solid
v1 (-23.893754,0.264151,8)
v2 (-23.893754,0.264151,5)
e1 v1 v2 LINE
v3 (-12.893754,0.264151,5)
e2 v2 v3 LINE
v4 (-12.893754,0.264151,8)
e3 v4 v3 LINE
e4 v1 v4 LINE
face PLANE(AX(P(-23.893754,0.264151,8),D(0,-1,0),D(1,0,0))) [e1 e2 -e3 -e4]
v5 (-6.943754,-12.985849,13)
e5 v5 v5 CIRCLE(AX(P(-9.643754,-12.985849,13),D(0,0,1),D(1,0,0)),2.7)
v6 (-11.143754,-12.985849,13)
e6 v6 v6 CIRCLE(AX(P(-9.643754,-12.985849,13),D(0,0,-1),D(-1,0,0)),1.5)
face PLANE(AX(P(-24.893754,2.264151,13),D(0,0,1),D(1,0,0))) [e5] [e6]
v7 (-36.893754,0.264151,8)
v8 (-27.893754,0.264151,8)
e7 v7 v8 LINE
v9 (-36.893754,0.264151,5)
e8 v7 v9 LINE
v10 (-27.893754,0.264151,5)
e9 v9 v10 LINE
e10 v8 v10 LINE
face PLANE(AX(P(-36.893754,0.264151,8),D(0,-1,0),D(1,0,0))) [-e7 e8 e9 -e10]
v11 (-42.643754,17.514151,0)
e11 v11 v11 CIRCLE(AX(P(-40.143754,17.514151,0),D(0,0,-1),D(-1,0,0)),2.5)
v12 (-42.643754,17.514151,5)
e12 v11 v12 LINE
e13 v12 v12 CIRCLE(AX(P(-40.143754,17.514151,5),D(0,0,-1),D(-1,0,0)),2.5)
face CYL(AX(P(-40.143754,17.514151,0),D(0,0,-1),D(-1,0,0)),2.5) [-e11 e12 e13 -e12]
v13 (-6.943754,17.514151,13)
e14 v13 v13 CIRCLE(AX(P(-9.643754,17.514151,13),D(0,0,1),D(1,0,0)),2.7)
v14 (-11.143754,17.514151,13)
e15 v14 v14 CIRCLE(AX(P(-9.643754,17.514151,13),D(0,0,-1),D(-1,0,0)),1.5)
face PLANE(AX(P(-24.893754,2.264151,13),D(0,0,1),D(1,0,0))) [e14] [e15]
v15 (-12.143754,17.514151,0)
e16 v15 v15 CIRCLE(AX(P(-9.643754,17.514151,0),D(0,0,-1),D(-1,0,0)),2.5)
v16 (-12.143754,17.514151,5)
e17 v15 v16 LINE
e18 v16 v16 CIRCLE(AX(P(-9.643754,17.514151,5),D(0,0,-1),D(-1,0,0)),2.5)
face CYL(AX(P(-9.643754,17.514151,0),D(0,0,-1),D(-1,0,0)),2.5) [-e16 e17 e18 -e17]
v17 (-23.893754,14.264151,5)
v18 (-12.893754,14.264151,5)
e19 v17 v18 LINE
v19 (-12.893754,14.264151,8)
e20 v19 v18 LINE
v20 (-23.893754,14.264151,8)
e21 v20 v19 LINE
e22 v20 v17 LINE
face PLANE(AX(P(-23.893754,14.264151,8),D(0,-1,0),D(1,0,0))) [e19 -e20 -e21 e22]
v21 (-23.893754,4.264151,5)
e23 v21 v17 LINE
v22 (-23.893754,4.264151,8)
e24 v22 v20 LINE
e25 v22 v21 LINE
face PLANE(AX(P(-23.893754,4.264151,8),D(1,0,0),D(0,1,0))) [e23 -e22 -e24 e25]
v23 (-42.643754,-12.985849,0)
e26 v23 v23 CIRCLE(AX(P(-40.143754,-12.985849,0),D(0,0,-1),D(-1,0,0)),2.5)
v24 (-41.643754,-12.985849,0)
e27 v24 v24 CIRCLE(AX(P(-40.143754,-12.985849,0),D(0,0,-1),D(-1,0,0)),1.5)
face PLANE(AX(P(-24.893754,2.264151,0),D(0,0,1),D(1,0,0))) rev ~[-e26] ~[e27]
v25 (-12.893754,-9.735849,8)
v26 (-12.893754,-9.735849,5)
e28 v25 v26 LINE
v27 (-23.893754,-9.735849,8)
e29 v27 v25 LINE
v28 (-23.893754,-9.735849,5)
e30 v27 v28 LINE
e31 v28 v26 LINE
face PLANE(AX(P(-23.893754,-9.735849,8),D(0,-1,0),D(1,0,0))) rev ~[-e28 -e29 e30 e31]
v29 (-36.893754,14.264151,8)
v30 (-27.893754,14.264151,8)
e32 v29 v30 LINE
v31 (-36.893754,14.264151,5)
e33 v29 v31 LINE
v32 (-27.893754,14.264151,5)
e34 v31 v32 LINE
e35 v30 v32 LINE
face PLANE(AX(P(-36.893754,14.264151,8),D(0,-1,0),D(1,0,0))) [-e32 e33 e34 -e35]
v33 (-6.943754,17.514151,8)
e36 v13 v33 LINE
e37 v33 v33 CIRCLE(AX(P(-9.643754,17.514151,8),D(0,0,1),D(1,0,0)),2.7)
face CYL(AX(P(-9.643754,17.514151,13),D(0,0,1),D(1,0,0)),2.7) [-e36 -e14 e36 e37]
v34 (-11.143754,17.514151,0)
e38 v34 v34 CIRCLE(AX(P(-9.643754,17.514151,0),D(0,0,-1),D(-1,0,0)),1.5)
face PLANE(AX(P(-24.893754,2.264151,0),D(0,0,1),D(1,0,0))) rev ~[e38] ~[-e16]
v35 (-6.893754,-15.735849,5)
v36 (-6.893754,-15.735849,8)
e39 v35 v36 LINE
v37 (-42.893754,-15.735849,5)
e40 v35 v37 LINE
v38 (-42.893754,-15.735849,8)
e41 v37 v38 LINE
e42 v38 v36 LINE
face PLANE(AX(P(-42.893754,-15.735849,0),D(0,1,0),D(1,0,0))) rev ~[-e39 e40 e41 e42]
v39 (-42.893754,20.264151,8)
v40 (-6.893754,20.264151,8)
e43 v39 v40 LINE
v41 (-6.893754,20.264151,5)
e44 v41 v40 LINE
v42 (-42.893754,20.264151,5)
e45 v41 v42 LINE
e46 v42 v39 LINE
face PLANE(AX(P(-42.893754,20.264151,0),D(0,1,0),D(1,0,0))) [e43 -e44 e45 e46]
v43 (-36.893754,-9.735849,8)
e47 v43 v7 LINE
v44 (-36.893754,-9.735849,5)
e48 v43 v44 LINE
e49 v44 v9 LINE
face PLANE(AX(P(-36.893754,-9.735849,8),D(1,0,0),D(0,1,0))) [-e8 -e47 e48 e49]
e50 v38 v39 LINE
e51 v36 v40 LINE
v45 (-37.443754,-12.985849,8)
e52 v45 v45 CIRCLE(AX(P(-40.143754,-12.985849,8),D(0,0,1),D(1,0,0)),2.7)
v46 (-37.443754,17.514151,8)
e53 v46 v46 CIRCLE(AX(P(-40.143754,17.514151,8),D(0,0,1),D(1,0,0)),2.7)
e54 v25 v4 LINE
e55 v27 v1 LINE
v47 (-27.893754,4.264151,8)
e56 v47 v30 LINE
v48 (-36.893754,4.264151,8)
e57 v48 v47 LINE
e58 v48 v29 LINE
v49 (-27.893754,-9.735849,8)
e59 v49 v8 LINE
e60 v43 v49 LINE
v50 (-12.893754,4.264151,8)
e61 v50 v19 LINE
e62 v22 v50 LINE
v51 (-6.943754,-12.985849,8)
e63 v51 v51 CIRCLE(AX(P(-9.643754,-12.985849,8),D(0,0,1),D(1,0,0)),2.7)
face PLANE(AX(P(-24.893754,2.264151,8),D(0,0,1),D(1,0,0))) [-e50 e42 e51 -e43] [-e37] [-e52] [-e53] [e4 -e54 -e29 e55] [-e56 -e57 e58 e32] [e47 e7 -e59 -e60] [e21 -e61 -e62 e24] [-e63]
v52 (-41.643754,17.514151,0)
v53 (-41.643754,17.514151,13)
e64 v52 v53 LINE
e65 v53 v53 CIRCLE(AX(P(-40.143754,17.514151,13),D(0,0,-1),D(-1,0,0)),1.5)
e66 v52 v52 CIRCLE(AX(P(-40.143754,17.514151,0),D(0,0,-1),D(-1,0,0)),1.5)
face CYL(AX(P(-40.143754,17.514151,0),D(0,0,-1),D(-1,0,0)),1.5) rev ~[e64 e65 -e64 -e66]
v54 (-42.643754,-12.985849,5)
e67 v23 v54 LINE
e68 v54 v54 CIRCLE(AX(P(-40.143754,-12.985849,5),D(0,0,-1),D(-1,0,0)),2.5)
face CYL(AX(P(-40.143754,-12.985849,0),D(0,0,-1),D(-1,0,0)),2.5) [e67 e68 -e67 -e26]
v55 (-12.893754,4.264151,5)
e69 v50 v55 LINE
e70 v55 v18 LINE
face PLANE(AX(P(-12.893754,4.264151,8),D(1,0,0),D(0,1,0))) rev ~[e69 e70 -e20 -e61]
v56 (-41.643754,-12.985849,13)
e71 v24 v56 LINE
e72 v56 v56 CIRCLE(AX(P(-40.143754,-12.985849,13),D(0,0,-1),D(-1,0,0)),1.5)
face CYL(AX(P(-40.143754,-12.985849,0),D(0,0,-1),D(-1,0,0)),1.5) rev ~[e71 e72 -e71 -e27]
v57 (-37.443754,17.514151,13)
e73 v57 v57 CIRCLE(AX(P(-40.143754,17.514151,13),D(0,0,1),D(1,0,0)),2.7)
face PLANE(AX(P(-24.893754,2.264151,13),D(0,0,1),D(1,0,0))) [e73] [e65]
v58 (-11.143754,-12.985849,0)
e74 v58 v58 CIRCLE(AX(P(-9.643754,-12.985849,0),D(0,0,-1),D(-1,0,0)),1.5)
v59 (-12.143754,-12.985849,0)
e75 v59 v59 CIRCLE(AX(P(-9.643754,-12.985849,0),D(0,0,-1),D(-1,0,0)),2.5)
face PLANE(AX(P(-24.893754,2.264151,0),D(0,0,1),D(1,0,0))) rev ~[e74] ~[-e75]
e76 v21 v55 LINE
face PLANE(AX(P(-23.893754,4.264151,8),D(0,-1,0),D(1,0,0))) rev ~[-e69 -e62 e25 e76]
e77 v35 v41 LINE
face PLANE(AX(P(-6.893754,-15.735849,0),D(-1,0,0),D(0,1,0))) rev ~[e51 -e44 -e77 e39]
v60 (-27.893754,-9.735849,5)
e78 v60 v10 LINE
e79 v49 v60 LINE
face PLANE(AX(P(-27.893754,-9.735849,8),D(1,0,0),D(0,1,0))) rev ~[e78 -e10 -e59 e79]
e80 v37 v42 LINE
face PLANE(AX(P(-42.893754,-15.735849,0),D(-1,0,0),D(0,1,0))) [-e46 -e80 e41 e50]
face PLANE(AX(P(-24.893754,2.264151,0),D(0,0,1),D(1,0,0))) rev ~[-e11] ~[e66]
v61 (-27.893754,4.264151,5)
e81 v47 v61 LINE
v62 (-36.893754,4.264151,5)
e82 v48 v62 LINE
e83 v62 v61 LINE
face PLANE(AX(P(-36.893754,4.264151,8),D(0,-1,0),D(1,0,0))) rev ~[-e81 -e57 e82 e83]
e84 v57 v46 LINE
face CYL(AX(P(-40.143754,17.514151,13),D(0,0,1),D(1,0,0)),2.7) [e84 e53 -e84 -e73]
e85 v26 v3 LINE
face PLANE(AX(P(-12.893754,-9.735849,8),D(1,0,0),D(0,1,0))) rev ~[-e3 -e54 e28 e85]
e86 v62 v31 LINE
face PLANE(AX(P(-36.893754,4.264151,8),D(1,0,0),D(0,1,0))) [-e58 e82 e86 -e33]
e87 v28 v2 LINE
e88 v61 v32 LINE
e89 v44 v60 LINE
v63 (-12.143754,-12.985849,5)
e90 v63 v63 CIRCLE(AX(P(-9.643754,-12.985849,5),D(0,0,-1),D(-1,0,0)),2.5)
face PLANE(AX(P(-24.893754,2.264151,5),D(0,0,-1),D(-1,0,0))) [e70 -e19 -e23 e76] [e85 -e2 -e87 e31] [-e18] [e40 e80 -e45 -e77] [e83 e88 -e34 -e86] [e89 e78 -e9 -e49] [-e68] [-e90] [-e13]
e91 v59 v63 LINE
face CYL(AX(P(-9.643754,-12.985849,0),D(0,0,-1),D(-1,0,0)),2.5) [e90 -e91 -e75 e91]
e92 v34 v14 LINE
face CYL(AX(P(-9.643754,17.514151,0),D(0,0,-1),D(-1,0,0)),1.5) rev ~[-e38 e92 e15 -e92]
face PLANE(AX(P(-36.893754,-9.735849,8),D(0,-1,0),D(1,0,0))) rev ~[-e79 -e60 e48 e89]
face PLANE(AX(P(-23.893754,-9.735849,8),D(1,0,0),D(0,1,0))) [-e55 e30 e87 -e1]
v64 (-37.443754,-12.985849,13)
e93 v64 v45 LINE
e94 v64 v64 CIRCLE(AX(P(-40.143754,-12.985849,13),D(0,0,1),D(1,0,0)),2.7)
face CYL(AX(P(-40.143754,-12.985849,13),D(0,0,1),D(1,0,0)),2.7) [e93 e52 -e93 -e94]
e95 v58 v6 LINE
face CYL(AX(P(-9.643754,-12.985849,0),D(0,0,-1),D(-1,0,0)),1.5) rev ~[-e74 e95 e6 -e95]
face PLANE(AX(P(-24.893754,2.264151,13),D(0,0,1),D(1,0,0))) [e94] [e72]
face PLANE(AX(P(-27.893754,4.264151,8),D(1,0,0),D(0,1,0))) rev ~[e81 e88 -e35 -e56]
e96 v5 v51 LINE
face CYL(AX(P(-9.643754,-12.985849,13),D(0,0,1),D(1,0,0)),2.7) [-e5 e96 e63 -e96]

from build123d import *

# Parameters (mm, degrees)
CROQUIS1_W              = 36
CROQUIS1_H              = 36
SALIENTE_EXTRUIR1_DEPTH = 13
CROQUIS5_R              = 1.5
CORTAR_EXTRUIR2_DEPTH   = 13
CROQUIS6_W              = 36
CROQUIS6_H              = 36
CROQUIS6_R              = 2.5
CORTAR_EXTRUIR3_DEPTH   = 5
CROQUIS7_W              = 36
CROQUIS7_H              = 36
CROQUIS7_R              = 2.7
CORTAR_EXTRUIR4_DEPTH   = 5
CROQUIS8_W              = 9
CROQUIS8_H              = 10
CROQUIS8_W_2            = 11
CORTAR_EXTRUIR5_DEPTH   = 3


with BuildPart() as part:
    # Croquis1 → Saliente-Extruir1 (new body)
    with BuildSketch(Plane.XY):
        with Locations((-24.893753741, 2.264150943)):
            Rectangle(CROQUIS1_W, CROQUIS1_H)
    extrude(amount=SALIENTE_EXTRUIR1_DEPTH)

    # Croquis5 → Cortar-Extruir2 (cut)
    with BuildSketch(Plane(origin=(0, 0, 0), x_dir=(-1, 0, 0), z_dir=(0, 0, -1))):
        with Locations((40.143753741, 17.514150943)):
            Circle(CROQUIS5_R)
        with Locations((40.143753741, -12.985849057)):
            Circle(CROQUIS5_R)
        with Locations((9.643753741, -12.985849057)):
            Circle(CROQUIS5_R)
        with Locations((9.643753741, 17.514150943)):
            Circle(CROQUIS5_R)
    extrude(amount=-CORTAR_EXTRUIR2_DEPTH, mode=Mode.SUBTRACT)

    # Croquis6 → Cortar-Extruir3 (cut)
    with BuildSketch(Plane(origin=(0, 0, 0), x_dir=(-1, 0, 0), z_dir=(0, 0, -1))):
        with Locations((24.893753741, 2.264150943)):
            Rectangle(CROQUIS6_W, CROQUIS6_H)
        with Locations((40.143753741, 17.514150943)):
            Circle(CROQUIS6_R, mode=Mode.SUBTRACT)
        with Locations((9.643753741, 17.514150943)):
            Circle(CROQUIS6_R, mode=Mode.SUBTRACT)
        with Locations((40.143753741, -12.985849057)):
            Circle(CROQUIS6_R, mode=Mode.SUBTRACT)
        with Locations((9.643753741, -12.985849057)):
            Circle(CROQUIS6_R, mode=Mode.SUBTRACT)
    extrude(amount=-CORTAR_EXTRUIR3_DEPTH, mode=Mode.SUBTRACT)

    # Croquis7 → Cortar-Extruir4 (cut)
    with BuildSketch(Plane.XY.offset(13)):
        with Locations((-24.893753741, 2.264150943)):
            Rectangle(CROQUIS7_W, CROQUIS7_H)
        with Locations((-40.143753741, 17.514150943)):
            Circle(CROQUIS7_R, mode=Mode.SUBTRACT)
        with Locations((-9.643753741, 17.514150943)):
            Circle(CROQUIS7_R, mode=Mode.SUBTRACT)
        with Locations((-40.143753741, -12.985849057)):
            Circle(CROQUIS7_R, mode=Mode.SUBTRACT)
        with Locations((-9.643753741, -12.985849057)):
            Circle(CROQUIS7_R, mode=Mode.SUBTRACT)
    extrude(amount=-CORTAR_EXTRUIR4_DEPTH, mode=Mode.SUBTRACT)

    # Croquis8 → Cortar-Extruir5 (cut)
    with BuildSketch(Plane.XY.offset(8)):
        with Locations((-32.393753741, -4.735849057)):
            Rectangle(CROQUIS8_W, CROQUIS8_H)
        with Locations((-32.393753741, 9.264150943)):
            Rectangle(CROQUIS8_W, CROQUIS8_H)
        with Locations((-18.393753741, -4.735849057)):
            Rectangle(CROQUIS8_W_2, CROQUIS8_H)
        with Locations((-18.393753741, 9.264150943)):
            Rectangle(CROQUIS8_W_2, CROQUIS8_H)
    extrude(amount=-CORTAR_EXTRUIR5_DEPTH, mode=Mode.SUBTRACT)


solid = part.part
